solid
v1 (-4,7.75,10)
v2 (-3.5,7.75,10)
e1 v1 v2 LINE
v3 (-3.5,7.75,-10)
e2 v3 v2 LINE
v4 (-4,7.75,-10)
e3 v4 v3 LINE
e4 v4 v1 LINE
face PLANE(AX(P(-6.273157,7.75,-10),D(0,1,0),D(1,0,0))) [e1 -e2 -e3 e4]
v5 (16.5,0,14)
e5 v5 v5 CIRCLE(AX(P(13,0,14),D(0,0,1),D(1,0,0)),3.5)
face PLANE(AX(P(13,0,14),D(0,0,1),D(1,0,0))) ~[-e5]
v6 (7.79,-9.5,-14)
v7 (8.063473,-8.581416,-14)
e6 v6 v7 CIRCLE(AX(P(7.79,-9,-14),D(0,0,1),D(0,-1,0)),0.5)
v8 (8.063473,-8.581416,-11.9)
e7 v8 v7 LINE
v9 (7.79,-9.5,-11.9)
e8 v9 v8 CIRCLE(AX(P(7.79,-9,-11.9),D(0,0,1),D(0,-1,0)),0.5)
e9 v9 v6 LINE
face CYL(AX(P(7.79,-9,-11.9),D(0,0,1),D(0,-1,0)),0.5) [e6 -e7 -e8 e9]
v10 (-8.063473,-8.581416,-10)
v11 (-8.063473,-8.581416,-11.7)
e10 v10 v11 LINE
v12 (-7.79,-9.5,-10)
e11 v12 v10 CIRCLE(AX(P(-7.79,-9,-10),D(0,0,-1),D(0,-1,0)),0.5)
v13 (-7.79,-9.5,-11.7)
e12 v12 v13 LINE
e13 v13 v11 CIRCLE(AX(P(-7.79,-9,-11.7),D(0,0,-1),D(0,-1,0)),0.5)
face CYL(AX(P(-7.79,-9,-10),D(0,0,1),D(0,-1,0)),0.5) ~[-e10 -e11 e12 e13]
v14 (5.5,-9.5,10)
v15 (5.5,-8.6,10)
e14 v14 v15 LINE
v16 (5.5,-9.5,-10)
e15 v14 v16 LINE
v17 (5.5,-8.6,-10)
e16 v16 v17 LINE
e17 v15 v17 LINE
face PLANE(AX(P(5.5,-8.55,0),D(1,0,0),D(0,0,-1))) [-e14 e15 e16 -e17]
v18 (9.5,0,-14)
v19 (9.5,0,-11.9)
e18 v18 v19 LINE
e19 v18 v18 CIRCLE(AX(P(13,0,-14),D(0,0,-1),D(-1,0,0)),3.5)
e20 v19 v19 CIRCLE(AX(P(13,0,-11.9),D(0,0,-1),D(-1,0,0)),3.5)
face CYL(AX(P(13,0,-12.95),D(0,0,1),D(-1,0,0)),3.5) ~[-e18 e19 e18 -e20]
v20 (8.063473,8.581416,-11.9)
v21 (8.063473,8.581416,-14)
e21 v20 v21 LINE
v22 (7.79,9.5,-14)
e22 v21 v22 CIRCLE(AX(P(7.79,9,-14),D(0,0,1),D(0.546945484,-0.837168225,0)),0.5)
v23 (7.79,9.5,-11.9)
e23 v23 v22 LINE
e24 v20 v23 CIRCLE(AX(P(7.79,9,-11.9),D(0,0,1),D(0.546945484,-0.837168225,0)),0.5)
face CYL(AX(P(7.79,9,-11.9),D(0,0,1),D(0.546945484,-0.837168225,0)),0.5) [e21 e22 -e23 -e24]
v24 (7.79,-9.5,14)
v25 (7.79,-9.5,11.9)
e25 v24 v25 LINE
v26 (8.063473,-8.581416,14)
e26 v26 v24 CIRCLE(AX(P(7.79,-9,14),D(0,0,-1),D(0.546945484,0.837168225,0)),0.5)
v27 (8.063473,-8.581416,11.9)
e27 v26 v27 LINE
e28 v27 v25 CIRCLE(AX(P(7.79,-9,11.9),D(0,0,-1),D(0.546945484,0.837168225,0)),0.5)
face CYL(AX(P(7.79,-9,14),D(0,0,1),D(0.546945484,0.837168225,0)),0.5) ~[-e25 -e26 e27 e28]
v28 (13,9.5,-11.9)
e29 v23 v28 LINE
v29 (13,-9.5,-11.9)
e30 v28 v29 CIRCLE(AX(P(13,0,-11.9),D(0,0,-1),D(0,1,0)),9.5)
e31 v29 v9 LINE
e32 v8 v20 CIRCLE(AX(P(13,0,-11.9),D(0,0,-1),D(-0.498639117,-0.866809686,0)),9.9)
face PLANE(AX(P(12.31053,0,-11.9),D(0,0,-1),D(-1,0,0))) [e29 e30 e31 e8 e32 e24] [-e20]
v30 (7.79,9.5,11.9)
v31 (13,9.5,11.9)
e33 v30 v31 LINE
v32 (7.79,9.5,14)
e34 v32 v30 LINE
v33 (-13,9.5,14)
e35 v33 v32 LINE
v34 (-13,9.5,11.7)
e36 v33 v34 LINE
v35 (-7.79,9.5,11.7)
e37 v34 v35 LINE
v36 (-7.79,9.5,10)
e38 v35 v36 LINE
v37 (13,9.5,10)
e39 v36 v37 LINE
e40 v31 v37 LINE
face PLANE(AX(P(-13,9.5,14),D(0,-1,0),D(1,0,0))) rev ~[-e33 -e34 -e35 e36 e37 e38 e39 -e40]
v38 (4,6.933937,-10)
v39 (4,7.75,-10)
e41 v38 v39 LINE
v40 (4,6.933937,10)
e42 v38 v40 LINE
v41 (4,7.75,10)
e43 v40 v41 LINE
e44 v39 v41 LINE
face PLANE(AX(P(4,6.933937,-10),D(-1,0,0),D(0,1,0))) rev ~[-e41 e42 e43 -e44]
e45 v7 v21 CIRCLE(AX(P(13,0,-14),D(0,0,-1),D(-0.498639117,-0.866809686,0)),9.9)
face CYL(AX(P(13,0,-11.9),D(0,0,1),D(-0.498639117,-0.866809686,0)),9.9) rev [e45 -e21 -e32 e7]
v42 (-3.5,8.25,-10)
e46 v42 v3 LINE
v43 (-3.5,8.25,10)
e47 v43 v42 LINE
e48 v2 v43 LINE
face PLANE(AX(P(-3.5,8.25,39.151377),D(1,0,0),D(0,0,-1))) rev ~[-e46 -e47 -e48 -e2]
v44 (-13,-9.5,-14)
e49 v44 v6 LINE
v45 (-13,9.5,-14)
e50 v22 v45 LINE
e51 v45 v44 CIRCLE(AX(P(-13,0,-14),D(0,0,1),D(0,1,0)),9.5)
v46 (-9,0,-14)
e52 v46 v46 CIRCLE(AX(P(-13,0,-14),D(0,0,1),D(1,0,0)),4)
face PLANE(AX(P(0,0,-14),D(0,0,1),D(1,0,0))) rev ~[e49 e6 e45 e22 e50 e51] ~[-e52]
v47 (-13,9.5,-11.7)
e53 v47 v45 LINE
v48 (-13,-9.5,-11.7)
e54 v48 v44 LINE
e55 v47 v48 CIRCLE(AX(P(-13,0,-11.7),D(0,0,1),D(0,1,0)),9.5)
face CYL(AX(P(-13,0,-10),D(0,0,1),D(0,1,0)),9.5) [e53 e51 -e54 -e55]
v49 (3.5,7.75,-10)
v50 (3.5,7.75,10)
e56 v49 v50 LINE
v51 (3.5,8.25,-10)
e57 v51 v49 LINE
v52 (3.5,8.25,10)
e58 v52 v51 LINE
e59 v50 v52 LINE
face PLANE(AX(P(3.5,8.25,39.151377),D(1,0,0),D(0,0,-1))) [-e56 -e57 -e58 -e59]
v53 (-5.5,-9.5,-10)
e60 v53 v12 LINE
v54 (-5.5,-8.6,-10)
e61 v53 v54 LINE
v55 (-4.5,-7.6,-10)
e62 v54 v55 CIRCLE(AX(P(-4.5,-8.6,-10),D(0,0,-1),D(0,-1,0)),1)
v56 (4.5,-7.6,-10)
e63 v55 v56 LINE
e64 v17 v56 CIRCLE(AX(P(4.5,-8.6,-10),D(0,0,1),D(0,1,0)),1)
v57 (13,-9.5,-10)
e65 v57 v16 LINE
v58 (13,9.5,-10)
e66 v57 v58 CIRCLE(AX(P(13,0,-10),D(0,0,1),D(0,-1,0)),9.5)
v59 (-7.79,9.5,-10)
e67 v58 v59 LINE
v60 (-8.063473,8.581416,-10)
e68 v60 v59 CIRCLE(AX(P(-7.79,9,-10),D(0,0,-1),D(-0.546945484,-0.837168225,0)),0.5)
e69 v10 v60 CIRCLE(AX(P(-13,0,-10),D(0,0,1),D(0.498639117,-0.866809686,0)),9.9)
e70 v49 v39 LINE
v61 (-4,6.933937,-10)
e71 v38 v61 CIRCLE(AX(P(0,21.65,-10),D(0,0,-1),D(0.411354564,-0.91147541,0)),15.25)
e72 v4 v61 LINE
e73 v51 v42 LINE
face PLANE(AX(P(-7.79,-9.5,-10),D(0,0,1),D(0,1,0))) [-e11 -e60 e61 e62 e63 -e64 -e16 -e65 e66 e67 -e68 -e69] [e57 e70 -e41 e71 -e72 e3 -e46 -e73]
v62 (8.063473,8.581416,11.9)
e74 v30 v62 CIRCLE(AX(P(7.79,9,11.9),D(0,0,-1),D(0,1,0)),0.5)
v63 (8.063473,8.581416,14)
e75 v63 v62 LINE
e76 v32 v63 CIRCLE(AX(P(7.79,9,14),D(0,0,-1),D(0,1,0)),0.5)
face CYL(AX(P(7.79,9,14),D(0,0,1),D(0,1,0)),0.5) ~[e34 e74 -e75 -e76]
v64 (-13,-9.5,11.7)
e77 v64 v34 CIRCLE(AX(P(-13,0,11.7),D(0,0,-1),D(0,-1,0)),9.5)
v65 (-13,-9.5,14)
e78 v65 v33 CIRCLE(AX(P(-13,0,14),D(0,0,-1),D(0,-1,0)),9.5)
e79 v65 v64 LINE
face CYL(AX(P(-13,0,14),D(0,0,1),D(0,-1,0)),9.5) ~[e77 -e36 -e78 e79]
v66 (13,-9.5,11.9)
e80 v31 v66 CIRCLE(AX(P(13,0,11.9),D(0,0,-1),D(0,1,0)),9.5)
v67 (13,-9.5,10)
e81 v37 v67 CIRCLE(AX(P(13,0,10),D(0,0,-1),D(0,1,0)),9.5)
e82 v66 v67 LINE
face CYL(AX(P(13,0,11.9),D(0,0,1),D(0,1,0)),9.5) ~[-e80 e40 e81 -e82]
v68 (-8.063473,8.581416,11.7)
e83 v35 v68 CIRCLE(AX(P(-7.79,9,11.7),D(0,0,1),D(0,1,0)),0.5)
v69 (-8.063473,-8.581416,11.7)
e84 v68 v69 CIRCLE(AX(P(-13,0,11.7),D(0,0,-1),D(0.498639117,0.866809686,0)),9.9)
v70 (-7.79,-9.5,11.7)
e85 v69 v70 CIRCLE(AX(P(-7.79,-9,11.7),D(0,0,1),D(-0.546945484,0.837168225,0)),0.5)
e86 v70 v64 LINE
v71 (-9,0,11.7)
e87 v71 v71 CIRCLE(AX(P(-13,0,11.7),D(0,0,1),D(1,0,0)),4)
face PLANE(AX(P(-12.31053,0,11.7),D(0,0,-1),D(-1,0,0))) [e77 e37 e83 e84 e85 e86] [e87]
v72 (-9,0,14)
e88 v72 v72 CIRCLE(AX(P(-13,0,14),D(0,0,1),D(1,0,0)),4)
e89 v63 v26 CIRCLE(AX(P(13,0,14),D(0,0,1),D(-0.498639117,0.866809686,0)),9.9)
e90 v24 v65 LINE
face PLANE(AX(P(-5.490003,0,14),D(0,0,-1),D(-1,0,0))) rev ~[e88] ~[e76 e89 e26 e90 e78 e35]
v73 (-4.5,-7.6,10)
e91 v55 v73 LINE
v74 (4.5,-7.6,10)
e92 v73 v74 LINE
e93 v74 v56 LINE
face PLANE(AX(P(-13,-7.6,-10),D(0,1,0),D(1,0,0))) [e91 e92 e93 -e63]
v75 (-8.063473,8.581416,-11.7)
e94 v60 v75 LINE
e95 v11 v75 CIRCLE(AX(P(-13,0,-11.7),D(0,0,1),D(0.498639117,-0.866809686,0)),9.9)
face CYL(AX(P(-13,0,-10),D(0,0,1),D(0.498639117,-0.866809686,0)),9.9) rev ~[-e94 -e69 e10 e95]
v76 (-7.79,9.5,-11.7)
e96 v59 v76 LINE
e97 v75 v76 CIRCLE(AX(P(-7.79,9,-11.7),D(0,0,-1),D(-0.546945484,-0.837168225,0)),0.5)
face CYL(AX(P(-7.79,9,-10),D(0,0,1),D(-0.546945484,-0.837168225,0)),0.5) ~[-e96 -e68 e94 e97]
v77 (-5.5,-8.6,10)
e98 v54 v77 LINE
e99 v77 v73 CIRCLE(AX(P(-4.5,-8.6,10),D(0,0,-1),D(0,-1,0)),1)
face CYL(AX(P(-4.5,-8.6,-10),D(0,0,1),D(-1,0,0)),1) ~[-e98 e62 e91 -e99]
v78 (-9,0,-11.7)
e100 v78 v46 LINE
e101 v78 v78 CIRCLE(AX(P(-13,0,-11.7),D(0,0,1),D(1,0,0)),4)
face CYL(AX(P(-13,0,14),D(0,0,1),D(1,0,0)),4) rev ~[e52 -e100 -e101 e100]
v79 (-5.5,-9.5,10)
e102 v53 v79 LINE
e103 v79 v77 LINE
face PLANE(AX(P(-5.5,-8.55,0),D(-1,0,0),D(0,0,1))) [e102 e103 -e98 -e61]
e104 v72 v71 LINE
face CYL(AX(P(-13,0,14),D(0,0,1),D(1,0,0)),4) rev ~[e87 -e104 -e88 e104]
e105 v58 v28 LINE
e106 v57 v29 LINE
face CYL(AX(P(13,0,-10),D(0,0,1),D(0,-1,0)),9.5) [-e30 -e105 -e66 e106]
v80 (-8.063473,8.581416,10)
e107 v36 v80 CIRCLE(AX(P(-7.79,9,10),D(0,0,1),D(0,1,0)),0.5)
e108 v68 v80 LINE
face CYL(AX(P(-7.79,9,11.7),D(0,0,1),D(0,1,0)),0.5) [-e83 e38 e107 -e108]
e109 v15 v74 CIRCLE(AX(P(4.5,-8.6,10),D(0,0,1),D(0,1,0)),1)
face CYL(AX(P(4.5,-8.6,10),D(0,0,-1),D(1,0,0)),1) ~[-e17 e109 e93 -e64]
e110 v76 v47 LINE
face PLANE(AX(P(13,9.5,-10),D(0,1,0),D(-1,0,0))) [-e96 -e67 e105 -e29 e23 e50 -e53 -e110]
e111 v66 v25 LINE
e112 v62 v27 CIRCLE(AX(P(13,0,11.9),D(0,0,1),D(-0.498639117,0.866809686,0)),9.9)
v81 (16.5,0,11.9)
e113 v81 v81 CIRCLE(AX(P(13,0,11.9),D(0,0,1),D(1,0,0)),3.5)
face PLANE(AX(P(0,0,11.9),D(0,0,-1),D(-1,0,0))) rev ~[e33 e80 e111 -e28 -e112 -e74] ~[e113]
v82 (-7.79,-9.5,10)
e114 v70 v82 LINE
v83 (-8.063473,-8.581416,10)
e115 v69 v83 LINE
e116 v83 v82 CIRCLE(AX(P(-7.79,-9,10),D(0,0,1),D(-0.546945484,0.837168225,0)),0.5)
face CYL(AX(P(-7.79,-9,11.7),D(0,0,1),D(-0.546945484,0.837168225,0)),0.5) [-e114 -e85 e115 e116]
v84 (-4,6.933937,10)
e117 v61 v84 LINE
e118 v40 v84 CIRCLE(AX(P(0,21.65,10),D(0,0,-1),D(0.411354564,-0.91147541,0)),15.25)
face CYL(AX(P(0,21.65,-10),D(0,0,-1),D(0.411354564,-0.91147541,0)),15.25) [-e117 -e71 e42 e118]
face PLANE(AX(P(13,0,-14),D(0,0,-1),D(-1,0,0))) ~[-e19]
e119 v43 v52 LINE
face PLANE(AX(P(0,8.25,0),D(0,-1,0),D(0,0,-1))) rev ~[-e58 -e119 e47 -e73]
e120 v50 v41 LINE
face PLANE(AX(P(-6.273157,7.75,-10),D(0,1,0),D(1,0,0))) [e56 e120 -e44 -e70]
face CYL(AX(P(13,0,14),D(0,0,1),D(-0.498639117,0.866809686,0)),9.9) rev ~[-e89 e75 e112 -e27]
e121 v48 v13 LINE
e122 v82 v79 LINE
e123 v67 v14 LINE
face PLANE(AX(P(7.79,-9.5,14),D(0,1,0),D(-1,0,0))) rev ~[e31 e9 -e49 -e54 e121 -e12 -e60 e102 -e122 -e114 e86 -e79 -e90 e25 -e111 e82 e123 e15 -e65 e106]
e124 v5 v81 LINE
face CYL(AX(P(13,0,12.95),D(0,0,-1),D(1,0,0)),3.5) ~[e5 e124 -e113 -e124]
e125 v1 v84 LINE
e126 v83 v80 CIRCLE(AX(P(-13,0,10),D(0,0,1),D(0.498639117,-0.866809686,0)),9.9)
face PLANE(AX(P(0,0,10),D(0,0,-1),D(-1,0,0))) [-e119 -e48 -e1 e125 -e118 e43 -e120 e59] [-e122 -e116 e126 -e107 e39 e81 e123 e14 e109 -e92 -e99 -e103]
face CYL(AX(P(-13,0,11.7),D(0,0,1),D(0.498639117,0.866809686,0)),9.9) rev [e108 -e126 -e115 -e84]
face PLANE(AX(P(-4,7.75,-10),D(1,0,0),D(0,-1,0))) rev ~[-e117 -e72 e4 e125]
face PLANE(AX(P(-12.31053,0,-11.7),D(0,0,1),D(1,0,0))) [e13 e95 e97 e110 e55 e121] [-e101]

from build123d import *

# Parameters (mm, degrees)
SALIENTE_EXTRUIR1_DEPTH           = 4
CROQUIS2_W                        = 26
CROQUIS2_H                        = 1.9
SALIENTE_EXTRUIR2_DEPTH           = 20
SALIENTE_EXTRUIR3_DEPTH           = 20
SALIENTE_EXTRUIR4_START           = 1.9
SALIENTE_EXTRUIR4_DEPTH           = 1.9
CROQUIS5_W                        = 20
CROQUIS5_H                        = 1.9
CORTAR_EXTRUIR1_DEPTH             = 5.21
CORTAR_EXTRUIR2_START             = -1.7
CORTAR_EXTRUIR2_DEPTH             = 1.7
CROQUIS7_W                        = 20
CROQUIS7_H                        = 1.9
CORTAR_EXTRUIR3_DEPTH             = 2.29
CORTAR_EXTRUIR4_DEPTH             = 20
CORTAR_EXTRUIR5_DEPTH             = 20
CORTAR_EXTRUIR6_DEPTH             = 1.7
CORTAR_EXTRUIR7_START             = -2.1
CORTAR_EXTRUIR7_DEPTH             = 2.1
CROQUIS12_W                       = 20
CROQUIS12_H                       = 1.9
CORTAR_EXTRUIR8_DEPTH             = 7.5
SALIENTE_EXTRUIR5_START           = 2.1
SALIENTE_EXTRUIR5_DEPTH           = 2.1
CROQUIS14_W                       = 3.5
CROQUIS14_H                       = 2.1
CROQUIS15_W                       = 3.5
CROQUIS15_H                       = 2.1
DI_METRO_DE_TALADRO_7_0_7_1_D     = 7
DI_METRO_DE_TALADRO_7_0_7_1_DEPTH = 2.3
DI_METRO_DE_TALADRO_7_0_7_2_D     = 7
DI_METRO_DE_TALADRO_7_0_7_2_DEPTH = 28
NERVIO1_REACH                     = 30.151
CROQUIS20_WALL_W                  = 78.302753042
CROQUIS20_WALL_H                  = 7
REDONDEO1_R                       = 1
CROQUIS21_R                       = 4
CORTAR_EXTRUIR9_DEPTH             = 34


with BuildPart() as part:
    # Croquis1 → Saliente-Extruir1 (new body)
    with BuildSketch(Plane.XY.offset(-10)):
        with BuildLine():
            Line((-13, -9.5), (13, -9.5))
            ThreePointArc((13, -9.5), (22.5, 0), (13, 9.5))
            Line((13, 9.5), (-13, 9.5))
            ThreePointArc((-13, 9.5), (-22.5, 0), (-13, -9.5))
        make_face()
    extrude(amount=-SALIENTE_EXTRUIR1_DEPTH)

    # Croquis2 → Saliente-Extruir2 (add)
    with BuildSketch(Plane.XY.offset(-10)):
        with Locations((0, -8.55)):
            Rectangle(CROQUIS2_W, CROQUIS2_H)
    extrude(amount=SALIENTE_EXTRUIR2_DEPTH)

    # Croquis3 → Saliente-Extruir3 (add)
    with BuildSketch(Plane.XY.offset(-10)):
        with BuildLine():
            Line((-6.2731571, 7.75), (6.2731571, 7.75))
            ThreePointArc((6.2731571, 7.75), (0, 6.4), (-6.2731571, 7.75))
        make_face()
    extrude(amount=SALIENTE_EXTRUIR3_DEPTH)

    # Croquis4 → Saliente-Extruir4 (add)
    with BuildSketch(Plane.XY.offset(10).offset(SALIENTE_EXTRUIR4_START)):
        with BuildLine():
            Line((-13, 9.5), (13, 9.5))
            ThreePointArc((13, 9.5), (22.5, 0), (13, -9.5))
            Line((13, -9.5), (-13, -9.5))
            ThreePointArc((-13, -9.5), (-22.5, 0), (-13, 9.5))
        make_face()
    extrude(amount=-SALIENTE_EXTRUIR4_DEPTH)

    # Croquis5 → Cortar-Extruir1 (cut)
    with BuildSketch(Plane.ZY.offset(13)):
        with Locations((0, -8.55)):
            Rectangle(CROQUIS5_W, CROQUIS5_H)
    extrude(amount=-CORTAR_EXTRUIR1_DEPTH, mode=Mode.SUBTRACT)

    # Croquis6 → Cortar-Extruir2 (cut)
    with BuildSketch(Plane(origin=(0, 0, 10), x_dir=(-1, 0, 0), z_dir=(0, 0, -1)).offset(CORTAR_EXTRUIR2_START)):
        with BuildLine():
            Line((7.79, -9.5), (13, -9.5))
            ThreePointArc((13, -9.5), (22.5, 0), (13, 9.5))
            Line((13, 9.5), (7.79, 9.5))
            ThreePointArc((7.79, 9.5), (8.269213969, 9.142667347), (8.063472742, 8.581415887))
            ThreePointArc((8.063472742, 8.581415887), (3.1, 0), (8.063472742, -8.581415887))
            ThreePointArc((8.063472742, -8.581415887), (8.269213969, -9.142667347), (7.79, -9.5))
        make_face()
    extrude(amount=CORTAR_EXTRUIR2_DEPTH, mode=Mode.SUBTRACT)

    # Croquis7 → Cortar-Extruir3 (cut)
    with BuildSketch(Plane.ZY.offset(7.79)):
        with Locations((0, -8.55)):
            Rectangle(CROQUIS7_W, CROQUIS7_H)
    extrude(amount=-CORTAR_EXTRUIR3_DEPTH, mode=Mode.SUBTRACT)

    # Croquis8 → Cortar-Extruir4 (cut)
    with BuildSketch(Plane(origin=(0, 0, -10), x_dir=(-1, 0, 0), z_dir=(0, 0, -1))):
        with BuildLine():
            Line((4, 7.75), (4, 6.933937347))
            ThreePointArc((4, 6.933937347), (5.152759335, 7.296896808), (6.2731571, 7.75))
            Line((6.2731571, 7.75), (4, 7.75))
        make_face()
    extrude(amount=-CORTAR_EXTRUIR4_DEPTH, mode=Mode.SUBTRACT)

    # Croquis9 → Cortar-Extruir5 (cut)
    with BuildSketch(Plane(origin=(0, 0, -10), x_dir=(-1, 0, 0), z_dir=(0, 0, -1))):
        with BuildLine():
            Line((-4, 6.933937347), (-4, 7.75))
            Line((-4, 7.75), (-6.2731571, 7.75))
            ThreePointArc((-6.2731571, 7.75), (-5.152759335, 7.296896808), (-4, 6.933937347))
        make_face()
    extrude(amount=-CORTAR_EXTRUIR5_DEPTH, mode=Mode.SUBTRACT)

    # Croquis10 → Cortar-Extruir6 (cut)
    with BuildSketch(Plane.XY.offset(-10)):
        with BuildLine():
            Line((-7.79, 9.5), (-13, 9.5))
            ThreePointArc((-13, 9.5), (-22.5, 0), (-13, -9.5))
            Line((-13, -9.5), (-7.79, -9.5))
            ThreePointArc((-7.79, -9.5), (-8.269213969, -9.142667347), (-8.063472742, -8.581415887))
            ThreePointArc((-8.063472742, -8.581415887), (-3.1, 0), (-8.063472742, 8.581415887))
            ThreePointArc((-8.063472742, 8.581415887), (-8.269213969, 9.142667347), (-7.79, 9.5))
        make_face()
    extrude(amount=-CORTAR_EXTRUIR6_DEPTH, mode=Mode.SUBTRACT)

    # Croquis11 → Cortar-Extruir7 (cut)
    with BuildSketch(Plane(origin=(0, 0, -14), x_dir=(-1, 0, 0), z_dir=(0, 0, -1)).offset(CORTAR_EXTRUIR7_START)):
        with BuildLine():
            Line((-13, -9.5), (-7.79, -9.5))
            ThreePointArc((-7.79, -9.5), (-8.269213969, -9.142667347), (-8.063472742, -8.581415887))
            ThreePointArc((-8.063472742, -8.581415887), (-3.1, 0), (-8.063472742, 8.581415887))
            ThreePointArc((-8.063472742, 8.581415887), (-8.269213969, 9.142667347), (-7.79, 9.5))
            Line((-7.79, 9.5), (-13, 9.5))
            ThreePointArc((-13, 9.5), (-22.5, 0), (-13, -9.5))
        make_face()
    extrude(amount=CORTAR_EXTRUIR7_DEPTH, mode=Mode.SUBTRACT)

    # Croquis12 → Cortar-Extruir8 (cut)
    with BuildSketch(Plane(origin=(13, 0, 0), x_dir=(0, 0, -1), z_dir=(1, 0, 0))):
        with Locations((0, -8.55)):
            Rectangle(CROQUIS12_W, CROQUIS12_H)
    extrude(amount=-CORTAR_EXTRUIR8_DEPTH, mode=Mode.SUBTRACT)

    # Croquis13 → Saliente-Extruir5 (add)
    with BuildSketch(Plane.XY.offset(11.9).offset(SALIENTE_EXTRUIR5_START)):
        with BuildLine():
            Line((7.79, -9.5), (-13, -9.5))
            ThreePointArc((-13, -9.5), (-22.5, 0), (-13, 9.5))
            Line((-13, 9.5), (7.79, 9.5))
            ThreePointArc((7.79, 9.5), (8.269213969, 9.142667347), (8.063472742, 8.581415887))
            ThreePointArc((8.063472742, 8.581415887), (3.1, 0), (8.063472742, -8.581415887))
            ThreePointArc((8.063472742, -8.581415887), (8.269213969, -9.142667347), (7.79, -9.5))
        make_face()
    extrude(amount=-SALIENTE_EXTRUIR5_DEPTH)

    # Croquis14 → Revolución1 (revolve)
    with BuildSketch(Plane(origin=(0, 0, 0), x_dir=(1, 0, 0), z_dir=(0, 1, 0))):
        with Locations((14.75, -12.95)):
            Rectangle(CROQUIS14_W, CROQUIS14_H)
    revolve(axis=Axis((13, 0, 11.9), (0, 0, 1)))

    # Croquis15 → Revolución2 (revolve)
    with BuildSketch(Plane.XZ, mode=Mode.PRIVATE) as revoluci_n2_sk:
        with Locations((14.75, -12.95)):
            Rectangle(CROQUIS15_W, CROQUIS15_H)
    revolve(revoluci_n2_sk.sketch.rotate(Axis((13, 0, -11.9), (0, 0, -1)), 180), axis=Axis((13, 0, -11.9), (0, 0, -1)))

    # Diámetro de taladro Ø7.0 (7)1
    with Locations(Plane(origin=(0, 0, 11.7), x_dir=(-1, 0, 0), z_dir=(0, 0, -1))):
        with Locations((13, 0)):
            Hole(DI_METRO_DE_TALADRO_7_0_7_1_D / 2, depth=DI_METRO_DE_TALADRO_7_0_7_1_DEPTH)

    # Diámetro de taladro Ø7.0 (7)2
    with Locations(Plane(origin=(0, 0, -14), x_dir=(-1, 0, 0), z_dir=(0, 0, -1))):
        with Locations((13, 0)):
            Hole(DI_METRO_DE_TALADRO_7_0_7_2_D / 2, depth=DI_METRO_DE_TALADRO_7_0_7_2_DEPTH)

    # Croquis20 wall → Nervio1 (add, up to next)
    with BuildSketch(Plane(origin=(0, 8.25, 0), x_dir=(0, 0, -1), z_dir=(0, -1, 0)), mode=Mode.PRIVATE) as nervio1_sk1:
        Rectangle(CROQUIS20_WALL_W, CROQUIS20_WALL_H)
    nervio1_tool1 = extrude(nervio1_sk1.sketch, amount=NERVIO1_REACH, mode=Mode.PRIVATE) - part.part
    add(nervio1_tool1.solids().sort_by_distance((0, 8.25, 0))[0])

    # Redondeo1
    redondeo1_edges = [part.edges().sort_by_distance(p)[0] for p in [
        (5.5, -7.6, 0),
        (-5.5, -7.6, 0),
    ]]
    fillet(redondeo1_edges, radius=REDONDEO1_R)

    # Croquis21 → Cortar-Extruir9 (cut)
    with BuildSketch(Plane.XY.offset(14)):
        with Locations((-13, 0)):
            Circle(CROQUIS21_R)
    extrude(amount=-CORTAR_EXTRUIR9_DEPTH, mode=Mode.SUBTRACT)


solid = part.part
